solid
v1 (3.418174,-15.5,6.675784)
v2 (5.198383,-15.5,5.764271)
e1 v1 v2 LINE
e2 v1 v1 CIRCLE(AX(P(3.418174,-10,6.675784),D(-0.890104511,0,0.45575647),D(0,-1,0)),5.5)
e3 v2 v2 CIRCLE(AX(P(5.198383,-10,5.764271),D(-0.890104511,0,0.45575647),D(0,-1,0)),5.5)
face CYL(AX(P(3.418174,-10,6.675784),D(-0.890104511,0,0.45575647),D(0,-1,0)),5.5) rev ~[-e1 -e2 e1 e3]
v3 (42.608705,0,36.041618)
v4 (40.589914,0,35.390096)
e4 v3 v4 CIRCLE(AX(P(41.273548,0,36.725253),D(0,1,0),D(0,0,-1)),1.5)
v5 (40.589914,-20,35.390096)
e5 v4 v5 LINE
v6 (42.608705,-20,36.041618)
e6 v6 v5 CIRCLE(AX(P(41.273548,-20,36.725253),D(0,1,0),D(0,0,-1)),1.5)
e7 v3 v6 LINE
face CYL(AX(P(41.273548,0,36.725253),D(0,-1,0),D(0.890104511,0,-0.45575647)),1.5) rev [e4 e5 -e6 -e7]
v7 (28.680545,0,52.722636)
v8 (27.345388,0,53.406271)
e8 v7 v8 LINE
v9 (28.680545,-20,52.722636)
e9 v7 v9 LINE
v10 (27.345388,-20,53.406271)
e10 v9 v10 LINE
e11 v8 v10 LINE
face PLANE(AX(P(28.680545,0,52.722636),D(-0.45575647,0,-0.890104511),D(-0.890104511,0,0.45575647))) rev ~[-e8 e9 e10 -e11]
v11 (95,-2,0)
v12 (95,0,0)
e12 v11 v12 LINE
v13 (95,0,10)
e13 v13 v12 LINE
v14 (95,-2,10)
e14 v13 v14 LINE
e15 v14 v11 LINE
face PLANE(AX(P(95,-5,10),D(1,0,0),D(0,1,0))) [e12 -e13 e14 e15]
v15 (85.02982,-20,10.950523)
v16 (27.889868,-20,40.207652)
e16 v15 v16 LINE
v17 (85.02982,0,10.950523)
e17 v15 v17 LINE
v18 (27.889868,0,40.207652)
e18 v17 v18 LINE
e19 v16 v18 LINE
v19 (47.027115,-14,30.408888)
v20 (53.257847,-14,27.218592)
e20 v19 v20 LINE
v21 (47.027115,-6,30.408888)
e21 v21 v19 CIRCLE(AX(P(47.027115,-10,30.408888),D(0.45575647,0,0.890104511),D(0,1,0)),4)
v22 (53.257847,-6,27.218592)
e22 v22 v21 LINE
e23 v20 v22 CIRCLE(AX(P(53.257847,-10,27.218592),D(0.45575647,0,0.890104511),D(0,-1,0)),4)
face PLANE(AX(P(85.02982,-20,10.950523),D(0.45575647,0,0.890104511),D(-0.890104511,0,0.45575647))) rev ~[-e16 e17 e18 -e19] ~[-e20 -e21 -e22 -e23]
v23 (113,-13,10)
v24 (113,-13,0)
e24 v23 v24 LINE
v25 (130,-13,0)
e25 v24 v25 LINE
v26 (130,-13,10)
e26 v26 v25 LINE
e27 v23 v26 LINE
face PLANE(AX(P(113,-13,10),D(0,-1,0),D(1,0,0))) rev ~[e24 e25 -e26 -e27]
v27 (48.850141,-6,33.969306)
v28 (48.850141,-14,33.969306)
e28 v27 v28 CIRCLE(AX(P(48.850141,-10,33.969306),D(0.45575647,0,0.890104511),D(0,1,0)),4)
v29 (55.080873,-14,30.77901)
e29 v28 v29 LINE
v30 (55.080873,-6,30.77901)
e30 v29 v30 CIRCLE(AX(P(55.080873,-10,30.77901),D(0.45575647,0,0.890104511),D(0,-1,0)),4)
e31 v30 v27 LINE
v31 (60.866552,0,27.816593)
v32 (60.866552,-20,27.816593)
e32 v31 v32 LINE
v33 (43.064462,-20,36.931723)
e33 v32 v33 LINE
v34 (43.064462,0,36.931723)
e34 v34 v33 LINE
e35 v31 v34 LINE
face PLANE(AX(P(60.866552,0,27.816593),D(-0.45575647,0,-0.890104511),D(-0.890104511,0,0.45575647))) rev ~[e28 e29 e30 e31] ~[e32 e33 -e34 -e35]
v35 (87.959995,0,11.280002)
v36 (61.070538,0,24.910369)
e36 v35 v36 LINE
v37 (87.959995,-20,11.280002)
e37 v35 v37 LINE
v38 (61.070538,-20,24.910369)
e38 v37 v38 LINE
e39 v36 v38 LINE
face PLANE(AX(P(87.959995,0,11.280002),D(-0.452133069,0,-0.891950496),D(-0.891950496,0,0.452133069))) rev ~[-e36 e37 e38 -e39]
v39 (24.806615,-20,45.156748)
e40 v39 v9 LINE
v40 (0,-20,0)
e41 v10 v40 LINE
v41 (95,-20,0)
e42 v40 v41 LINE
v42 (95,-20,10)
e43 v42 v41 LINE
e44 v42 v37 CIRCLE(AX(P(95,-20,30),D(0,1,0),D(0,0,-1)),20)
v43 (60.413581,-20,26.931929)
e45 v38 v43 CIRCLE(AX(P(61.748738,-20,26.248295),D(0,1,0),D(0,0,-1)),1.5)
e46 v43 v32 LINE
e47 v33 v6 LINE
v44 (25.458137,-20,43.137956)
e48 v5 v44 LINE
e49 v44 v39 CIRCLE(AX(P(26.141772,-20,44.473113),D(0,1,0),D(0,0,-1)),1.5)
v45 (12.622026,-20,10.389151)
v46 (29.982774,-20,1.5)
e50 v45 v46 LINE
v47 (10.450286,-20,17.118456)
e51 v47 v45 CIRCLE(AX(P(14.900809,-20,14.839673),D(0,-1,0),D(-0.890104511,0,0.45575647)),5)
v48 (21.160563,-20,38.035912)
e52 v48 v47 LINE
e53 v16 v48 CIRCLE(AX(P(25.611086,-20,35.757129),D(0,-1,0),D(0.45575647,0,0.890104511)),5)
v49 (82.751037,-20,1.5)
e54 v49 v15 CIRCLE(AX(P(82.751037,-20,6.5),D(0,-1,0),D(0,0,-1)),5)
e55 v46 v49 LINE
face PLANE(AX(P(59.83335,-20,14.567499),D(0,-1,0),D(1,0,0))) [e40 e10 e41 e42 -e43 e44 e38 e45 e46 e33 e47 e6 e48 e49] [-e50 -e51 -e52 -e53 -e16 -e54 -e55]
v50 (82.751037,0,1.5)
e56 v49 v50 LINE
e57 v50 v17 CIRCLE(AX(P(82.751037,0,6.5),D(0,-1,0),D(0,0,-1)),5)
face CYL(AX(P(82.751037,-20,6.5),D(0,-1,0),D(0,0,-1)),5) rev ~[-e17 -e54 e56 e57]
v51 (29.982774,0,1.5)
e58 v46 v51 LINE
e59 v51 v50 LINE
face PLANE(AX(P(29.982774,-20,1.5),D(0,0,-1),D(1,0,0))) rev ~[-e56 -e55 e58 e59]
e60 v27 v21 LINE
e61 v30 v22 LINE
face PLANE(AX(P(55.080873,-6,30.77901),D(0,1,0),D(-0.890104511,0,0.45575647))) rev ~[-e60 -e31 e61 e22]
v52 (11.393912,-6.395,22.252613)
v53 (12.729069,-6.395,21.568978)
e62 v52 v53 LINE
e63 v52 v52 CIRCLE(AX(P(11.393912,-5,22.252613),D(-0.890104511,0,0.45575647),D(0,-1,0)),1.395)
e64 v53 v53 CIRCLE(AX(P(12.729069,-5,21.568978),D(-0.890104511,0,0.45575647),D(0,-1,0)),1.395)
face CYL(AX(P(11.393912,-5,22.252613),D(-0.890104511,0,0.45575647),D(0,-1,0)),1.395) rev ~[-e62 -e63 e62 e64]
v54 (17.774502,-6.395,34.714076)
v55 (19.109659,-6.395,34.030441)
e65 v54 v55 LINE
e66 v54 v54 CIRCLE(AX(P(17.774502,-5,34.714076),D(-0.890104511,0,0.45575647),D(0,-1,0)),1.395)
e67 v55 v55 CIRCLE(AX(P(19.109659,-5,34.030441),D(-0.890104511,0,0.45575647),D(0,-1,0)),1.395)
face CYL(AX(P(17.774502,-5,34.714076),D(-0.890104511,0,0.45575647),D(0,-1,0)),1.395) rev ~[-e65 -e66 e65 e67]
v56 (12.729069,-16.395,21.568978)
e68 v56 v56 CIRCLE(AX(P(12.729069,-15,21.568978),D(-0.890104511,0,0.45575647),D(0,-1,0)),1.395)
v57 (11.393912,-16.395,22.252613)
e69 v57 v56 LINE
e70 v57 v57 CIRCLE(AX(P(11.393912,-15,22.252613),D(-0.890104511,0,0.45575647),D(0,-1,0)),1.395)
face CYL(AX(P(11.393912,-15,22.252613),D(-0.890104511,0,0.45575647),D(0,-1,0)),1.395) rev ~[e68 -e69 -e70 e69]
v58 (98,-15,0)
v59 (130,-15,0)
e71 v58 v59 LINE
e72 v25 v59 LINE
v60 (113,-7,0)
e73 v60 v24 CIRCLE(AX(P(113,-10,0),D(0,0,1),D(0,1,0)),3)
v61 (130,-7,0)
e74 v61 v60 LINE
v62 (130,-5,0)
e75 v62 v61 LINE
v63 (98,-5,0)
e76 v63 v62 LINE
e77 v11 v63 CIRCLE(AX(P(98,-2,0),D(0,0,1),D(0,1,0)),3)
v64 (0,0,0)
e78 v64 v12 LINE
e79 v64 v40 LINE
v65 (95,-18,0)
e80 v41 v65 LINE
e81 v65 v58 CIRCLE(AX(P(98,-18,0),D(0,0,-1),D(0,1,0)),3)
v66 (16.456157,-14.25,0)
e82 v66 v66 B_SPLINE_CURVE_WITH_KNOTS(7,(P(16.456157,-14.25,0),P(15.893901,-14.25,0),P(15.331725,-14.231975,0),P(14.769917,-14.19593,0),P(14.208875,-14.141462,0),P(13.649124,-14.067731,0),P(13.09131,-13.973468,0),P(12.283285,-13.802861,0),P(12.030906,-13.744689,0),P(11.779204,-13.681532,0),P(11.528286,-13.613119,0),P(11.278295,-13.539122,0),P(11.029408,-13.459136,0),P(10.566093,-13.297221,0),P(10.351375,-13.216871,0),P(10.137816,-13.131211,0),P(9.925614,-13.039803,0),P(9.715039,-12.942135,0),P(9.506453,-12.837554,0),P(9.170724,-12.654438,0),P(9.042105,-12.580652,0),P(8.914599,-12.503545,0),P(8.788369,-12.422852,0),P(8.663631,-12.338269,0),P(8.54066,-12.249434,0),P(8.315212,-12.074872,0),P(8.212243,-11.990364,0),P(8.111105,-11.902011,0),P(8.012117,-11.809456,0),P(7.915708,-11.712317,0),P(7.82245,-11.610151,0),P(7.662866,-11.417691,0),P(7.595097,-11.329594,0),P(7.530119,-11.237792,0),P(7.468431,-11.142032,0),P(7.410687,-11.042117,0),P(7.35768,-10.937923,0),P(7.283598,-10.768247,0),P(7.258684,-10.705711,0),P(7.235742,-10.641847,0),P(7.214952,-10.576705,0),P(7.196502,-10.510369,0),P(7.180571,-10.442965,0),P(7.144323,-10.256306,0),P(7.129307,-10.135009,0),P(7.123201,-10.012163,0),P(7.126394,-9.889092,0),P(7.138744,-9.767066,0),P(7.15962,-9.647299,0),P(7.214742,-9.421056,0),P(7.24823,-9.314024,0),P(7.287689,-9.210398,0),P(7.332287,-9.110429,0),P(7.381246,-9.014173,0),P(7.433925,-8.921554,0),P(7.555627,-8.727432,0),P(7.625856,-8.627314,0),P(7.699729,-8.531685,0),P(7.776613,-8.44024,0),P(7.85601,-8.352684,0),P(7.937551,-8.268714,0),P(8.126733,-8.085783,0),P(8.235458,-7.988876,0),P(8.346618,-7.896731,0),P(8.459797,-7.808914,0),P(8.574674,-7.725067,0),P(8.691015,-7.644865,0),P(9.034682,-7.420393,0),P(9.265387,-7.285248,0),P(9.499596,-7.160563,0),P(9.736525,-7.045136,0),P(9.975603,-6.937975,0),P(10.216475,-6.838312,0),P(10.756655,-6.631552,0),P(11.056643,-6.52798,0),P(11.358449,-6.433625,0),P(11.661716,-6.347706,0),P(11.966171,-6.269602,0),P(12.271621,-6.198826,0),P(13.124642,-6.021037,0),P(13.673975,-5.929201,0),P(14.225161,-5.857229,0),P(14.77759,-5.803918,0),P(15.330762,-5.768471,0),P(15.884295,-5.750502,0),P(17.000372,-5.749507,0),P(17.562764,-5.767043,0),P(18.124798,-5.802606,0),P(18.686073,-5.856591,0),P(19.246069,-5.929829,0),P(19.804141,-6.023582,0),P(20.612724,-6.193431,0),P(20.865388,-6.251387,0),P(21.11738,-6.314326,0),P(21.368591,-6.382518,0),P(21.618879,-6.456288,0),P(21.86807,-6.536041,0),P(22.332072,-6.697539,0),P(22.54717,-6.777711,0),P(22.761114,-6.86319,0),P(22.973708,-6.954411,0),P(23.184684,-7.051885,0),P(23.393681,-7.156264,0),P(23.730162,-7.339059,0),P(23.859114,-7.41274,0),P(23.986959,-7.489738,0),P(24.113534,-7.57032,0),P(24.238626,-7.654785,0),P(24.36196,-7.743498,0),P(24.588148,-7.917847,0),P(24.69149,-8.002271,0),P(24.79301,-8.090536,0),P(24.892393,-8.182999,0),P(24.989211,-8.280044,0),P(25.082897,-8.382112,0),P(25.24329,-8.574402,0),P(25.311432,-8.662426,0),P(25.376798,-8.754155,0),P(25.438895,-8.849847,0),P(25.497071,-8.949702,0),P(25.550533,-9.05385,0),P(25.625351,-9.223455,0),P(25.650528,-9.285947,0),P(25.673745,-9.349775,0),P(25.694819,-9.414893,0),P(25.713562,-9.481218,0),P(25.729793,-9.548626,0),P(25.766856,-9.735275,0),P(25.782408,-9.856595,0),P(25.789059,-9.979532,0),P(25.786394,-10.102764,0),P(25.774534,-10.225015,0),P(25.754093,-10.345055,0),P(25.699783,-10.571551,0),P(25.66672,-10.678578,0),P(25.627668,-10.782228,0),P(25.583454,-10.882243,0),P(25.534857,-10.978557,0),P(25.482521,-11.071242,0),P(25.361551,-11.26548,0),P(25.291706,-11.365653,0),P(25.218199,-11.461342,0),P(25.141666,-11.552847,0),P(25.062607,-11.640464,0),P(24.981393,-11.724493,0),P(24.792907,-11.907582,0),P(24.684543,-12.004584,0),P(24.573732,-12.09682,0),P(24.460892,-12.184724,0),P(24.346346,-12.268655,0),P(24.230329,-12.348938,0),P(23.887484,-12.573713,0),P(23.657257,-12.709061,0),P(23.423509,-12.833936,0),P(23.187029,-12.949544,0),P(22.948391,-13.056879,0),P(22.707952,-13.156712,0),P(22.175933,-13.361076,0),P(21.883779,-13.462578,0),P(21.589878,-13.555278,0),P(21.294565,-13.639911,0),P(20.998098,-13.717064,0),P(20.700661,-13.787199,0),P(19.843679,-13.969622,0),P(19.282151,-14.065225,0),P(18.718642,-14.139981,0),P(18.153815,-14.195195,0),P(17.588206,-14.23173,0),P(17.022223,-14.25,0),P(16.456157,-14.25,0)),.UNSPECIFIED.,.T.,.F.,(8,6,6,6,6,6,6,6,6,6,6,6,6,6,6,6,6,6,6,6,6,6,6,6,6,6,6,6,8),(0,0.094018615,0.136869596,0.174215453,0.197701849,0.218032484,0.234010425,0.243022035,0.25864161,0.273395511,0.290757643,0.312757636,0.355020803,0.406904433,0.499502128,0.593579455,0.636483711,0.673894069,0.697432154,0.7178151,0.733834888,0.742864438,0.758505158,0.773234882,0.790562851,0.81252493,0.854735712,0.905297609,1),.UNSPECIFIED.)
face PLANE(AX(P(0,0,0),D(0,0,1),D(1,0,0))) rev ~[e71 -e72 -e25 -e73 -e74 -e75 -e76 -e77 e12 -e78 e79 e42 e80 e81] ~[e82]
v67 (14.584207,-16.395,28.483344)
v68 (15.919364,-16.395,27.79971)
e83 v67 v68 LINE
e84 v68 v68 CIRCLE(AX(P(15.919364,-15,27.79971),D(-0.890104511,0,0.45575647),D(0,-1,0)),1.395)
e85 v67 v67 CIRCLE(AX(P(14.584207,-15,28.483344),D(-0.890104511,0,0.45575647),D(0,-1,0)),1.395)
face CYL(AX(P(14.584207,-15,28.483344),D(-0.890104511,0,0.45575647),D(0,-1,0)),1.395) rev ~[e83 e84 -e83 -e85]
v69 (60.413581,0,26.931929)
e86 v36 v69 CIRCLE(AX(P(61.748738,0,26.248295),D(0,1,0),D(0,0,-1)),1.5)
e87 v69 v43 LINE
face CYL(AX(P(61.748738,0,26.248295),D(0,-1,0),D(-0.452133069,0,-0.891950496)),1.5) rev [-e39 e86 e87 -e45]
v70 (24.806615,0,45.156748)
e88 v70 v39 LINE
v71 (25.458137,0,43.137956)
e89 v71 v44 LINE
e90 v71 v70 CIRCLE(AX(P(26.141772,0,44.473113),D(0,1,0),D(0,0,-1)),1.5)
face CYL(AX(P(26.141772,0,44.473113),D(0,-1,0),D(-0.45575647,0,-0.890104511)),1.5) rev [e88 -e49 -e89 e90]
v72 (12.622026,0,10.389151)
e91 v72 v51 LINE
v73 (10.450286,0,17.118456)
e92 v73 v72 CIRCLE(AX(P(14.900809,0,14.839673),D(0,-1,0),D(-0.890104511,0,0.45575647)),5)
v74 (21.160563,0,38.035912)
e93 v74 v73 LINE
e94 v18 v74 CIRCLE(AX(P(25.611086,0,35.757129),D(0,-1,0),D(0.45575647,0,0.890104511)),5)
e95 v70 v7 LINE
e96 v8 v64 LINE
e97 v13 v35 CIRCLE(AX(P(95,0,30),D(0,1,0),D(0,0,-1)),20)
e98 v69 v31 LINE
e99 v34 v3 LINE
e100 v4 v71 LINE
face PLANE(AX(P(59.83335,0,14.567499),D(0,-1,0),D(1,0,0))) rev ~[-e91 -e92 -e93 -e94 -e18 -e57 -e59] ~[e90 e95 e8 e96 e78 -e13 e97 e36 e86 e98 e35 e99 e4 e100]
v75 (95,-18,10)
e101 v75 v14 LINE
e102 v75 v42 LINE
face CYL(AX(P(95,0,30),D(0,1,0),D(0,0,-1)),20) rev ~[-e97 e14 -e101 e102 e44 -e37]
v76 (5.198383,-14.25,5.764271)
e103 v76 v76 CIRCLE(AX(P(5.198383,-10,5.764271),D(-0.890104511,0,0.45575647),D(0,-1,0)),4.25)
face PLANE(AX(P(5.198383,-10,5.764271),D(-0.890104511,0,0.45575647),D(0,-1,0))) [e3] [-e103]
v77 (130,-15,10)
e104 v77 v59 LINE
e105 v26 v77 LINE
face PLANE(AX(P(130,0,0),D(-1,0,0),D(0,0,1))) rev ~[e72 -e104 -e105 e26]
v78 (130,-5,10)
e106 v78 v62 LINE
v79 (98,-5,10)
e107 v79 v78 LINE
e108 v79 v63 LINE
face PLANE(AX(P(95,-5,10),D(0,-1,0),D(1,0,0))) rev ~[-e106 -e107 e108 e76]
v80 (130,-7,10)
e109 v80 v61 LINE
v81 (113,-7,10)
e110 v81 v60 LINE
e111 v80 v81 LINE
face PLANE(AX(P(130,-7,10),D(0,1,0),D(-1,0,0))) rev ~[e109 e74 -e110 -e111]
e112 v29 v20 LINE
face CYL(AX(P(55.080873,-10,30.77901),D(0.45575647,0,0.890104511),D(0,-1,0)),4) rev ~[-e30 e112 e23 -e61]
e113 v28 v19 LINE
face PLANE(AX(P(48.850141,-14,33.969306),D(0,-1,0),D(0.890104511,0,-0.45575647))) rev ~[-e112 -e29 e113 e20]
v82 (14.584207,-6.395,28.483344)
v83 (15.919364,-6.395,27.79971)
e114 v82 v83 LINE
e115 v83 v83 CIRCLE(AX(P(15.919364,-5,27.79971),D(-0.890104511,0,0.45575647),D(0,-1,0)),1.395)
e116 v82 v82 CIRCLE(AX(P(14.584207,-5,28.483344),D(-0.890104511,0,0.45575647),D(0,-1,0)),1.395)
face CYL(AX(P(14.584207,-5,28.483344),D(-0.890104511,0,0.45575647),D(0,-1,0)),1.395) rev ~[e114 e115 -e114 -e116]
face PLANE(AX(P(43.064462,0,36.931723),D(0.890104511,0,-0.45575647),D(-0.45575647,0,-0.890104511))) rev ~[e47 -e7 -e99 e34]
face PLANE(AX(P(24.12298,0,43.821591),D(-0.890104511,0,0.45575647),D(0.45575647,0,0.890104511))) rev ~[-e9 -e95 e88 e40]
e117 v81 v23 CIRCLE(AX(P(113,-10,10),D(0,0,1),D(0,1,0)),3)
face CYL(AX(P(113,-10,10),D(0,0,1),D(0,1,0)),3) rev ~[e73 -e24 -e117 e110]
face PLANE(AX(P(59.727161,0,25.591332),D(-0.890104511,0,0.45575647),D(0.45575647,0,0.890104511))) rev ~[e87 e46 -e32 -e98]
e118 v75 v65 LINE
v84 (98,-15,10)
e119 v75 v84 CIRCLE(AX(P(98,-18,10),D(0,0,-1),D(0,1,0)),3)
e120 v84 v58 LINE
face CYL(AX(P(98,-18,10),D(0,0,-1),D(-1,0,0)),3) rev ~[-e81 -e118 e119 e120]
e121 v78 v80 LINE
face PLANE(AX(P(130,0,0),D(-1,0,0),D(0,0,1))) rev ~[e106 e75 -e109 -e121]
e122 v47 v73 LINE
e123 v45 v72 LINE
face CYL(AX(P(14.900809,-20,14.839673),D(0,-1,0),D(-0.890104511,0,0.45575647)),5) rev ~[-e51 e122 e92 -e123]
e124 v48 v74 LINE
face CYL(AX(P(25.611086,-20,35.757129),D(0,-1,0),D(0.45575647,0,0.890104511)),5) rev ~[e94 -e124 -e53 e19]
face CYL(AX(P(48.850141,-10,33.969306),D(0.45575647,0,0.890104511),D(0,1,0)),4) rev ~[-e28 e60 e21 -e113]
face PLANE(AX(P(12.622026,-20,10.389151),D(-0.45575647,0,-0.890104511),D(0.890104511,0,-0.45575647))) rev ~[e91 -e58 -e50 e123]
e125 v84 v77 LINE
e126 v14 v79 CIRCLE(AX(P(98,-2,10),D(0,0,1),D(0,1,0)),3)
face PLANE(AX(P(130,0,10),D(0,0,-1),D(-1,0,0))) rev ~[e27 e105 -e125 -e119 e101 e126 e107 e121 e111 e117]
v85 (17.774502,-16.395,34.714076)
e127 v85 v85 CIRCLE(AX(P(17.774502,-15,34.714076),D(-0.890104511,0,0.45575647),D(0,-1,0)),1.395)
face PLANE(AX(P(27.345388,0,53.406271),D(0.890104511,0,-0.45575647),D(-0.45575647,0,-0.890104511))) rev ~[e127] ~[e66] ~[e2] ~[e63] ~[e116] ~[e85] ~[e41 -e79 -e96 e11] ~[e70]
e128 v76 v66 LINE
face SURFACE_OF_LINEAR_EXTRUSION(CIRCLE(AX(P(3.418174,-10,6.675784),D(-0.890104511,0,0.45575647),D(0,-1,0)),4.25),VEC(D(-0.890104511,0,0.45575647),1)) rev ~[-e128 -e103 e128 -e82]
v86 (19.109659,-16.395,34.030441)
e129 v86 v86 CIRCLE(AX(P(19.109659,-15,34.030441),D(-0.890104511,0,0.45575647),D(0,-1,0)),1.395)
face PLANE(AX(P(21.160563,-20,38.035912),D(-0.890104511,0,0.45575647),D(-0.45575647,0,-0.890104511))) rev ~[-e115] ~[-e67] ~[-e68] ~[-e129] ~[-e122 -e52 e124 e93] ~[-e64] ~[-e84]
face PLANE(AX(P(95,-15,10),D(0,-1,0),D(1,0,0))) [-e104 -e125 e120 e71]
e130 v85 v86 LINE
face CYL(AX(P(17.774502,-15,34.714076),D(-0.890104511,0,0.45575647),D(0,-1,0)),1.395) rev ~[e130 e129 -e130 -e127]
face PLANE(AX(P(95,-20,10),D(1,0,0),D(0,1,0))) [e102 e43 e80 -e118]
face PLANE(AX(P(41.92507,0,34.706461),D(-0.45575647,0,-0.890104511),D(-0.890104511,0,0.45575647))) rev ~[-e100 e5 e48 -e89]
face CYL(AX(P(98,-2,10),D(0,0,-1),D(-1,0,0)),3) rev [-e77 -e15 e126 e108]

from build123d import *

# Parameters (mm, degrees)
F1_DEPTH  = 20
F2_R      = 1.5
F3_W      = 35
F3_H      = 5
F4_DEPTH  = 10.001
F5_R      = 3
F7_DEPTH  = 10.001
F9_DEPTH  = 4
F11_DEPTH = 20.001
F12_R     = 5.5
F12_R_2   = 4.25
F13_DEPTH = 2
F14_DEPTH = 115.7145863741
F15_R     = 1.395
F16_DEPTH = 25


with BuildPart() as f1:
    # F0 (on Front) → F1 (new body)
    with BuildSketch(Plane.XZ):
        with BuildLine():
            Line((27.3453882208, 53.4062706342), (0, 0))
            Line((0, 0), (130, 0))
            Line((130, 0), (130, 10))
            Line((130, 10), (95, 10))
            ThreePointArc((95, 10), (91.4222885738, 10.322602282), (87.9599949346, 11.2800019049))
            Line((87.9599949346, 11.2800019049), (59.727160706, 25.5913320091))
            Line((59.727160706, 25.5913320091), (60.8665518818, 27.8165932856))
            Line((60.8665518818, 27.8165932856), (43.0644616704, 36.9317226925))
            Line((43.0644616704, 36.9317226925), (41.9250704946, 34.7064614161))
            Line((41.9250704946, 34.7064614161), (24.1229802832, 43.821590823))
            Line((24.1229802832, 43.821590823), (28.6805449866, 52.7226359287))
            Line((28.6805449866, 52.7226359287), (27.3453882208, 53.4062706342))
        make_face()
    extrude(amount=F1_DEPTH)

    # F2
    f2_edges = [f1.edges().sort_by_distance(p)[0] for p in [
        (59.727161, -10, 25.591332),
        (24.12298, -10, 43.821591),
        (41.92507, -10, 34.706461),
    ]]
    fillet(f2_edges, radius=F2_R)

    # F3 (on face) → F4 (cut, through all)
    with BuildSketch(Plane.XY.offset(10)):
        with Locations((112.5, -2.5)):
            Rectangle(F3_W, F3_H)
        with Locations((112.5, -17.5)):
            Rectangle(F3_W, F3_H)
    extrude(amount=-F4_DEPTH, mode=Mode.SUBTRACT)

    # F5
    f5_edges = [f1.edges().sort_by_distance(p)[0] for p in [
        (95, -15, 5),
        (95, -5, 5),
    ]]
    fillet(f5_edges, radius=F5_R)

    # F6 (on face) → F7 (cut, through all)
    with BuildSketch(Plane.XY.offset(10)):
        with BuildLine():
            Line((130, -13), (130, -7))
            Line((130, -7), (113, -7))
            ThreePointArc((113, -7), (110, -10), (113, -13))
            Line((113, -13), (130, -13))
        make_face()
    extrude(amount=-F7_DEPTH, mode=Mode.SUBTRACT)

    # F8 (on face) → F9 (cut)
    with BuildSketch(Plane(origin=(23.9272146932, 0, 46.7304868049), x_dir=(0.8901045106, 0, -0.4557564703), z_dir=(0.4557564703, 0, 0.8901045106))):
        with BuildLine():
            Line((35, -6), (28, -6))
            ThreePointArc((28, -6), (24, -10), (28, -14))
            Line((28, -14), (35, -14))
            ThreePointArc((35, -14), (39, -10), (35, -6))
        make_face()
    extrude(amount=-F9_DEPTH, mode=Mode.SUBTRACT)

    # F10 (on face) → F11 (cut, through all)
    with BuildSketch(Plane.XZ.offset(20)):
        with BuildLine():
            ThreePointArc((27.8898681305, 40.2076517054), (24.0754335556, 40.5154662833), (21.1605632259, 38.0359115043))
            Line((21.1605632259, 38.0359115043), (10.4502861728, 17.1184555059))
            ThreePointArc((10.4502861728, 17.1184555059), (10.1424715949, 13.304020931), (12.6220263739, 10.3891506013))
            Line((12.6220263739, 10.3891506013), (29.9827739665, 1.5))
            Line((29.9827739665, 1.5), (82.7510373087, 1.5))
            ThreePointArc((82.7510373087, 1.5), (87.6117272167, 5.3279532356), (85.0298196604, 10.9505225529))
            Line((85.0298196604, 10.9505225529), (27.8898681305, 40.2076517054))
        make_face()
    extrude(amount=-F11_DEPTH, mode=Mode.SUBTRACT)

    # F12 (on face) → F13 (cut)
    with BuildSketch(Plane(origin=(0, 0, 0), x_dir=(0, -1, 0), z_dir=(-0.8901045106, 0, 0.4557564703))):
        with Locations((10, 7.5)):
            Circle(F12_R)
        with Locations((10, 7.5)):
            Circle(F12_R_2, mode=Mode.SUBTRACT)
    extrude(amount=-F13_DEPTH, mode=Mode.SUBTRACT)

    # F14 (cut, through all): a face of the model
    f14_faces = [f1.faces().sort_by_distance(p)[0] for p in [
        (3.4181735276, -10, 6.6757838293),
    ]]
    extrude(f14_faces, amount=-F14_DEPTH, mode=Mode.SUBTRACT)

    # F15 (on face) → F16 (cut)
    with BuildSketch(Plane(origin=(0, 0, 0), x_dir=(0, -1, 0), z_dir=(-0.8901045106, 0, 0.4557564703))):
        with Locations((5, 25)):
            Circle(F15_R)
        with Locations((5, 39)):
            Circle(F15_R)
        with Locations((5, 32)):
            Circle(F15_R)
        with Locations((15, 39)):
            Circle(F15_R)
        with Locations((15, 32)):
            Circle(F15_R)
        with Locations((15, 25)):
            Circle(F15_R)
    extrude(amount=-F16_DEPTH, mode=Mode.SUBTRACT)


solid = f1.part
